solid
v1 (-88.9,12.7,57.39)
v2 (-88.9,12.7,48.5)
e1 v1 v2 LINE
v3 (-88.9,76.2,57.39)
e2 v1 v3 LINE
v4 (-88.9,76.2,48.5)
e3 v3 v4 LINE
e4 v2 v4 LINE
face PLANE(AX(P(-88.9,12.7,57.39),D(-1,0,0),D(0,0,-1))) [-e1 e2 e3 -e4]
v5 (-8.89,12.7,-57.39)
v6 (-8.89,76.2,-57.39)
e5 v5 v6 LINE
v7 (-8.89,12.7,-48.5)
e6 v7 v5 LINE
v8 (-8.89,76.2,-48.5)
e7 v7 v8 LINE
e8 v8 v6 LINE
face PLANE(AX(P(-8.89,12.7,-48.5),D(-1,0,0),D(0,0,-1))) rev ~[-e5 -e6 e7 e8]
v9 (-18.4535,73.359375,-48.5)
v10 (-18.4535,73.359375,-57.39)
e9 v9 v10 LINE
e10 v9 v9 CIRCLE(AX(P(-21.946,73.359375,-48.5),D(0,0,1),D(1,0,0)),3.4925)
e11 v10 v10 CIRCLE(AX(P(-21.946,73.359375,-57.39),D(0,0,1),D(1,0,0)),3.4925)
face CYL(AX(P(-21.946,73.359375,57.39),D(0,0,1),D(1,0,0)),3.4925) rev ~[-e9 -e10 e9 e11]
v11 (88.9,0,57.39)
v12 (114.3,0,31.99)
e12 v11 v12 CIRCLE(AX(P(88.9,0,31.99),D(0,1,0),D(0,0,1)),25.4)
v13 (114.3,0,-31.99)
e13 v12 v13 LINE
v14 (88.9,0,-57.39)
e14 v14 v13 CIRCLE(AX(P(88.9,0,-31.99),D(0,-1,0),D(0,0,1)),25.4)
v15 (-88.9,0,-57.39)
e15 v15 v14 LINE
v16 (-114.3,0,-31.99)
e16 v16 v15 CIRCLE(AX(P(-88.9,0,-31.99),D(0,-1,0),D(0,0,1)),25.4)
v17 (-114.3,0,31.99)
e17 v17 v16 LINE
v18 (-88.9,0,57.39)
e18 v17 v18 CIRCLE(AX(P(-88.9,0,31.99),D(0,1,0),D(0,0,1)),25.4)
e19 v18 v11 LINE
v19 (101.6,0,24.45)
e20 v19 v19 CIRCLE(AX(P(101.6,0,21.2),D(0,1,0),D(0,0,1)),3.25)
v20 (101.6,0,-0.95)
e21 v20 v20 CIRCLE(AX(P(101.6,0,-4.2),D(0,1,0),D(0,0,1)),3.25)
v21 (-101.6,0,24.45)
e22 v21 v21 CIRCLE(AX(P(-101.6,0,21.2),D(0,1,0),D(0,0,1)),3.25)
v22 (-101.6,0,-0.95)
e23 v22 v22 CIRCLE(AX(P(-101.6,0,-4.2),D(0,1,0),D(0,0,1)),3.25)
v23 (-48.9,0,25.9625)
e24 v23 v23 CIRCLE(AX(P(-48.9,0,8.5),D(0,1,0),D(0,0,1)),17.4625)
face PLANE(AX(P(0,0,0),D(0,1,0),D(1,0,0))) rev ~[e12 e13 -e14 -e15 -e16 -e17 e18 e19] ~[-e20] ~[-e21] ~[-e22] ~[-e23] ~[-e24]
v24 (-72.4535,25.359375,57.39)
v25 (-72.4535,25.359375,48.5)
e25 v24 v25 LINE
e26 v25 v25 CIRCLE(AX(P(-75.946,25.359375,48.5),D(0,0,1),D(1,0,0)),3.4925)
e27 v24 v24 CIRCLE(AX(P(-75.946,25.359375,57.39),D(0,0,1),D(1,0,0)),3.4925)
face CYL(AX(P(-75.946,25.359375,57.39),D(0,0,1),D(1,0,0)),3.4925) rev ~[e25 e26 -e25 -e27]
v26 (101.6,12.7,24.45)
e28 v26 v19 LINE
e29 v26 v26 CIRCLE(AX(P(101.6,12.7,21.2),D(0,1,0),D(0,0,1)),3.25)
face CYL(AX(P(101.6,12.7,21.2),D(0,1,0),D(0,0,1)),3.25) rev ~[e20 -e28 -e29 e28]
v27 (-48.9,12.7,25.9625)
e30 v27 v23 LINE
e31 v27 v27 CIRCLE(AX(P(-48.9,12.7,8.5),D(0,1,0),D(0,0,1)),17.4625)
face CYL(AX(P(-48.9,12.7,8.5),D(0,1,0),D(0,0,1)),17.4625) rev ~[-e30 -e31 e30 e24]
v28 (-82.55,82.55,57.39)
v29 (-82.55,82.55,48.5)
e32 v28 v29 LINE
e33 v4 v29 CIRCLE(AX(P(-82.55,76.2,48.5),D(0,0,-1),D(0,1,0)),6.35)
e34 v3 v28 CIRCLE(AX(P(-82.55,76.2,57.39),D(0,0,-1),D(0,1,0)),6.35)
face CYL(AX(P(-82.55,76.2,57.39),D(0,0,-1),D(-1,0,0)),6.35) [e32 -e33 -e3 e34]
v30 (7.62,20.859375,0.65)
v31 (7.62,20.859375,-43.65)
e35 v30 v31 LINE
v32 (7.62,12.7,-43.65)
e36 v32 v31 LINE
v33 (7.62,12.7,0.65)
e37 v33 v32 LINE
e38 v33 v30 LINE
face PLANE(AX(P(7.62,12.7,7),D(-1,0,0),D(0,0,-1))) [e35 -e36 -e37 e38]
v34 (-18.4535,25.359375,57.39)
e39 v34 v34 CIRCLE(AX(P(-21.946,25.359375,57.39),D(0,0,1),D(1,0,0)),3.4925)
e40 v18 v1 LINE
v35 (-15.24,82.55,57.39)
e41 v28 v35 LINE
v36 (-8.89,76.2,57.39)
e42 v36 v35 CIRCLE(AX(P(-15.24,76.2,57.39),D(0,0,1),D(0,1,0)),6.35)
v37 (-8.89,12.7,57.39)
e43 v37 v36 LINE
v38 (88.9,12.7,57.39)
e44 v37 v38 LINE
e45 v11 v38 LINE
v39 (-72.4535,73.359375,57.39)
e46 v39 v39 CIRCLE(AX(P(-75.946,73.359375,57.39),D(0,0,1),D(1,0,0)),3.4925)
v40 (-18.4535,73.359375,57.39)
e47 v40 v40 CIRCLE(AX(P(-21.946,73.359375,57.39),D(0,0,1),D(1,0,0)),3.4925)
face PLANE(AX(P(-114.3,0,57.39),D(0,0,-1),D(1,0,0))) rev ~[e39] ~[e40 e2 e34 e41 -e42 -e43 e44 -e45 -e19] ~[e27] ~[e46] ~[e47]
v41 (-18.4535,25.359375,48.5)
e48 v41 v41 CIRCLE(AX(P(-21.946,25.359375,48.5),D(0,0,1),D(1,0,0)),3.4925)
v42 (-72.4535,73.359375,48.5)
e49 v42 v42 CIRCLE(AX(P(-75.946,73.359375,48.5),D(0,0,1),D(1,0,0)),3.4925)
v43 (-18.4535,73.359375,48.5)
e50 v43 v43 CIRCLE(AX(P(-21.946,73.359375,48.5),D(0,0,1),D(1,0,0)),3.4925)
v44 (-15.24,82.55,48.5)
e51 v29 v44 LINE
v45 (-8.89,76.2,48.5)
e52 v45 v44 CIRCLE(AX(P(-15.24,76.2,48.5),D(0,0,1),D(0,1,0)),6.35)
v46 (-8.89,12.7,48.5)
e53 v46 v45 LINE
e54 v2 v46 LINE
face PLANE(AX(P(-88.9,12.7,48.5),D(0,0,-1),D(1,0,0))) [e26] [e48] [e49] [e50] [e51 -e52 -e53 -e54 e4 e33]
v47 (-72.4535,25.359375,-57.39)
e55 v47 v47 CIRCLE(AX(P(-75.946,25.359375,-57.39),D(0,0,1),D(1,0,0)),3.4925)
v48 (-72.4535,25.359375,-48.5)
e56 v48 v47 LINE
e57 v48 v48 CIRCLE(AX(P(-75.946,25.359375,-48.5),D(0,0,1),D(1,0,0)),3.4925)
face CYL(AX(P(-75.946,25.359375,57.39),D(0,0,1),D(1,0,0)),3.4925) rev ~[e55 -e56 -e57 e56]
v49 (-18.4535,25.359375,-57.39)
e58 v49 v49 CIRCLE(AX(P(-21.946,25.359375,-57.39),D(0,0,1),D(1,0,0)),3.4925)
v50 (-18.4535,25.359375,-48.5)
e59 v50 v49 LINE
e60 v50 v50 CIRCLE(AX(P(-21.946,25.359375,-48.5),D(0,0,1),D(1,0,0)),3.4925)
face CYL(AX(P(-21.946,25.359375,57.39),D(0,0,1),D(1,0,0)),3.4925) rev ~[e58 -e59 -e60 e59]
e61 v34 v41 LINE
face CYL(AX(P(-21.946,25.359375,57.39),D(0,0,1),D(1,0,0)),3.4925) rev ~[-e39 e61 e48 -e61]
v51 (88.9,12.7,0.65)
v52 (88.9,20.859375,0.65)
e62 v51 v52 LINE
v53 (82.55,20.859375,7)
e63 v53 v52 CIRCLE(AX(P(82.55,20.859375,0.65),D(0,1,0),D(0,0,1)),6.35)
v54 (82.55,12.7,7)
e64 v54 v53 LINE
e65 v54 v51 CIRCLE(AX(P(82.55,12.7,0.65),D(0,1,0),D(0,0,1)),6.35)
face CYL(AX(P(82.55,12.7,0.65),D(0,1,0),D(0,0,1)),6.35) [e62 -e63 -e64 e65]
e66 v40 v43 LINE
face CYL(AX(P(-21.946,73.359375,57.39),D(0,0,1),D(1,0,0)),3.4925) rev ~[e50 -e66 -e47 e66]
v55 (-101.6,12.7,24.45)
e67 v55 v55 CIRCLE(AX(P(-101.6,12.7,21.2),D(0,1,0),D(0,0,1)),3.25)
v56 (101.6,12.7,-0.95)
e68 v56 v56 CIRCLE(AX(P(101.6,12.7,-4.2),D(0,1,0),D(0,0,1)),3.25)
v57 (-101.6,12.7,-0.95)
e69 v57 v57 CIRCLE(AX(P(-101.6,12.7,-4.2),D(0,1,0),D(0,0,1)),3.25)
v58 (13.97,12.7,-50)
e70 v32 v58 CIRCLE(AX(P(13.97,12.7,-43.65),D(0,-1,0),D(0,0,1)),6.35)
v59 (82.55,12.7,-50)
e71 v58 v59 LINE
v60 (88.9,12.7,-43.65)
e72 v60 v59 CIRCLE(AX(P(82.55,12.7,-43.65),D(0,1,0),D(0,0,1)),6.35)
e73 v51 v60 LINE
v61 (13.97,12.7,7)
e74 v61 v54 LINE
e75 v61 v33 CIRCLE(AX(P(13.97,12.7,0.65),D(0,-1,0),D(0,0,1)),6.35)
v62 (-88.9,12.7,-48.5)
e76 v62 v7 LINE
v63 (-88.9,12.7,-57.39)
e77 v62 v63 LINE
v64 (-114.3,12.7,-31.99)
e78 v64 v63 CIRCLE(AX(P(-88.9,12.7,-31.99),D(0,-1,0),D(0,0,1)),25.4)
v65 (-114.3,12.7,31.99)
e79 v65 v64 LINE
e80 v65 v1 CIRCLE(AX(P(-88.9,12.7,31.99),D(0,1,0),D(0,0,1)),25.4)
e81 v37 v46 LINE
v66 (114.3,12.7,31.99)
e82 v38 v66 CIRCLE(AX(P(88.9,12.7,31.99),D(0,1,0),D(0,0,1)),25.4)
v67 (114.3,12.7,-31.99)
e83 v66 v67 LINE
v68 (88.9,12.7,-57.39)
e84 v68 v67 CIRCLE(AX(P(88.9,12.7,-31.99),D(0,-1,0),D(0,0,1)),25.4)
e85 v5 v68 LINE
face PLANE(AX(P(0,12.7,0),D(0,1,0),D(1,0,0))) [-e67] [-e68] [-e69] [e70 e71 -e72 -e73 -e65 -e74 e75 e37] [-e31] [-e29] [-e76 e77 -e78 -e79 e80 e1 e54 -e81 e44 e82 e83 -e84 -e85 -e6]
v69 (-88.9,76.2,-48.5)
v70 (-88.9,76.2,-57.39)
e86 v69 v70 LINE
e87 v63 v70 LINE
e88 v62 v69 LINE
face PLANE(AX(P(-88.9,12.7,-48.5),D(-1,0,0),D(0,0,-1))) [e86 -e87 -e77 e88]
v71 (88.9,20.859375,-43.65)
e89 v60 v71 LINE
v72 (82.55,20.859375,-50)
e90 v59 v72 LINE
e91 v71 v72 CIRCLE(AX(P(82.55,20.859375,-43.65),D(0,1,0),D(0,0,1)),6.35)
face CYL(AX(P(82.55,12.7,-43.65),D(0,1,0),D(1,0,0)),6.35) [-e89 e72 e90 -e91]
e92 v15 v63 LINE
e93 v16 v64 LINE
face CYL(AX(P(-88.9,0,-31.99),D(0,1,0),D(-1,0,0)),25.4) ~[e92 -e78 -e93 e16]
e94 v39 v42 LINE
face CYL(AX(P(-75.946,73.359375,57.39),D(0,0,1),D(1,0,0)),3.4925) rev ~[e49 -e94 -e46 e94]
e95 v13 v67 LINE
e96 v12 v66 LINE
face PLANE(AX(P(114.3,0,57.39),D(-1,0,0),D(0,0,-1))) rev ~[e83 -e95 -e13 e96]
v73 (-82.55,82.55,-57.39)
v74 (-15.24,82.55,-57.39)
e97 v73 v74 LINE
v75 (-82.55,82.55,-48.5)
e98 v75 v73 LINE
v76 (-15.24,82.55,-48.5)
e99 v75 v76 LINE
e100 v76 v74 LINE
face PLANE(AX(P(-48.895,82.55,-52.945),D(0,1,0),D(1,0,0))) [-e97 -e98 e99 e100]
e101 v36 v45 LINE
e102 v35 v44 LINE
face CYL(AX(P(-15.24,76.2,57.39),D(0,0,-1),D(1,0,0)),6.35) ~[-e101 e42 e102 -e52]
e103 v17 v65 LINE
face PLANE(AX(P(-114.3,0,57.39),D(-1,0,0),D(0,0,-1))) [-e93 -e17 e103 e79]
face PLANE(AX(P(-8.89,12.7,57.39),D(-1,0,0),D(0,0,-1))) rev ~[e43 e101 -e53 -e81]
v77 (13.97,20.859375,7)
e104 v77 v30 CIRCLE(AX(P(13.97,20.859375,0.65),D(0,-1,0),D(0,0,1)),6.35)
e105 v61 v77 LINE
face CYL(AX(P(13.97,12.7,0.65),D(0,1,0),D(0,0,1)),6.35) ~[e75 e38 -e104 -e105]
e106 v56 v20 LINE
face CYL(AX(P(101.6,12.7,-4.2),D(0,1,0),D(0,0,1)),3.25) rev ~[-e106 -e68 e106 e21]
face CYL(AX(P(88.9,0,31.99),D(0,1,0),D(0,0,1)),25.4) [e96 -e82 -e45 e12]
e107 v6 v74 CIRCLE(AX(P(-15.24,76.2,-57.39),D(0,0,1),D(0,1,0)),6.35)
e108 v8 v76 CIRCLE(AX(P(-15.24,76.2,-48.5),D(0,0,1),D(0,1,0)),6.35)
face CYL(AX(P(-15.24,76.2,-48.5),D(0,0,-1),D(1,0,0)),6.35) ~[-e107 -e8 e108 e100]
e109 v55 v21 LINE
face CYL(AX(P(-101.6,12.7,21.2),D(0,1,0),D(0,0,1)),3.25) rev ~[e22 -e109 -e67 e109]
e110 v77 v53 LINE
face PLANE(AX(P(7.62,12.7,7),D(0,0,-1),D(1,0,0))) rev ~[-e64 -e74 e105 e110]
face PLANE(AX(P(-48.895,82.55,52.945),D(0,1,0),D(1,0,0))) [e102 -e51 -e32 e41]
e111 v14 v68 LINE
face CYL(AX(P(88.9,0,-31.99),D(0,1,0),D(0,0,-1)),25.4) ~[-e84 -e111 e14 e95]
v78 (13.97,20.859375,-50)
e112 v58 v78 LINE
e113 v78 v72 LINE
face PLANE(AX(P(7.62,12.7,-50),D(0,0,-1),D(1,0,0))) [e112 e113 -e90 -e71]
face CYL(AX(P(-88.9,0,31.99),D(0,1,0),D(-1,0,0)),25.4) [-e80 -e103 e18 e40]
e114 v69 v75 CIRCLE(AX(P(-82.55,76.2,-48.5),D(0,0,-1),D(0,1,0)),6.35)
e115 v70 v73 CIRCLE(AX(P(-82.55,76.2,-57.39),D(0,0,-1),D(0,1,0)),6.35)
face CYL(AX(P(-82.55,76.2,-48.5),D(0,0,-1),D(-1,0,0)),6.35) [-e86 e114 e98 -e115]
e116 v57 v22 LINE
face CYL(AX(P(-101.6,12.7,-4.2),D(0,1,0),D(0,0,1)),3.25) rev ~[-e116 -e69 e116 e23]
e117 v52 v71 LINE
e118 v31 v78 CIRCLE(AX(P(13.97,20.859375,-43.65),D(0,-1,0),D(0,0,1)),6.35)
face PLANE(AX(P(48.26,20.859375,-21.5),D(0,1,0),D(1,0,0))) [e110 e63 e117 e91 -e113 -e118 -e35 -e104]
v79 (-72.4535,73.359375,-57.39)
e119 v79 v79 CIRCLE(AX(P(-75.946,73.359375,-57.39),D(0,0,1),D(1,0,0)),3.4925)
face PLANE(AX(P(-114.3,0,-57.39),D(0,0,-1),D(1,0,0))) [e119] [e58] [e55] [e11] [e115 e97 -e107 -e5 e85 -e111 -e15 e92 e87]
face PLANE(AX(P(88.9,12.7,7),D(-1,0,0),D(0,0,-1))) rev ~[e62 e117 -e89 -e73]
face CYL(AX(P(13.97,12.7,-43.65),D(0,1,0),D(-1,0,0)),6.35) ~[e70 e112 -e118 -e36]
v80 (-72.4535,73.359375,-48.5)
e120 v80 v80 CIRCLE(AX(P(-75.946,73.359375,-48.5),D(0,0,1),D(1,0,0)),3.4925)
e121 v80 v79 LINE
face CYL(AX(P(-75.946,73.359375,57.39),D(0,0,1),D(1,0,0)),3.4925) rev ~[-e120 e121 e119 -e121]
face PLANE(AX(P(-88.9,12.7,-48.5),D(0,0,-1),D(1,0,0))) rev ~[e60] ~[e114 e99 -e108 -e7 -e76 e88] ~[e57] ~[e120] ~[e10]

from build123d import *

# Parameters (mm, degrees)
SKETCH1_W           = 228.6
SKETCH1_H           = 114.78
BOSS_EXTRUDE1_DEPTH = 12.7
SKETCH2_W           = 80.01
SKETCH2_H           = 8.89
BOSS_EXTRUDE2_DEPTH = 69.85
SKETCH3_W           = 81.28
SKETCH3_H           = 57
BOSS_EXTRUDE3_DEPTH = 8.159375
SKETCH4_R           = 17.4625
CUT_EXTRUDE1_DEPTH  = 146.729628422
SKETCH5_R           = 3.4925
CUT_EXTRUDE2_DEPTH  = 182.80605298
SKETCH6_R           = 17.4625
SKETCH6_R_2         = 3.25
CUT_EXTRUDE3_DEPTH  = 146.729628422
FILLET1_R           = 25.4
FILLET2_R           = 6.35
FILLET3_R           = 6.35


with BuildPart() as part:
    # Sketch1 → Boss-Extrude1 (new body)
    with BuildSketch(Plane(origin=(0, 0, 0), x_dir=(1, 0, 0), z_dir=(0, 1, 0))):
        Rectangle(SKETCH1_W, SKETCH1_H)
    extrude(amount=BOSS_EXTRUDE1_DEPTH)

    # Sketch2 → Boss-Extrude2 (add)
    with BuildSketch(Plane(origin=(0, 12.7, 0), x_dir=(1, 0, 0), z_dir=(0, 1, 0))):
        with Locations((-48.895, 52.945)):
            Rectangle(SKETCH2_W, SKETCH2_H)
        with Locations((-48.895, -52.945)):
            Rectangle(SKETCH2_W, SKETCH2_H)
    extrude(amount=BOSS_EXTRUDE2_DEPTH)

    # Sketch3 → Boss-Extrude3 (add)
    with BuildSketch(Plane(origin=(0, 12.7, 0), x_dir=(1, 0, 0), z_dir=(0, 1, 0))):
        with Locations((48.26, 21.5)):
            Rectangle(SKETCH3_W, SKETCH3_H)
    extrude(amount=BOSS_EXTRUDE3_DEPTH)

    # Sketch4 → Cut-Extrude1 (cut, through all)
    with BuildSketch(Plane(origin=(0, 12.7, 0), x_dir=(1, 0, 0), z_dir=(0, 1, 0))):
        with Locations(Location((-48.9, -8.5, 0), (0, 0, 270))):
            Circle(SKETCH4_R)
    extrude(amount=-CUT_EXTRUDE1_DEPTH, mode=Mode.SUBTRACT)

    # Sketch5 → Cut-Extrude2 (cut, through all)
    with BuildSketch(Plane.XY.offset(57.39)):
        with Locations((-75.946, 73.359375)):
            Circle(SKETCH5_R)
        with Locations((-21.946, 73.359375)):
            Circle(SKETCH5_R)
        with Locations((-75.946, 25.359375)):
            Circle(SKETCH5_R)
        with Locations((-21.946, 25.359375)):
            Circle(SKETCH5_R)
    extrude(amount=-CUT_EXTRUDE2_DEPTH, mode=Mode.SUBTRACT)

    # Sketch6 → Cut-Extrude3 (cut, through all)
    with BuildSketch(Plane(origin=(0, 12.7, 0), x_dir=(1, 0, 0), z_dir=(0, 1, 0))):
        with Locations(Location((-48.9, -8.5, 0), (0, 0, 270))):
            Circle(SKETCH6_R)
        with Locations(Location((-101.6, -21.2, 0), (0, 0, 270))):
            Circle(SKETCH6_R_2)
        with Locations(Location((-101.6, 4.2, 0), (0, 0, 270))):
            Circle(SKETCH6_R_2)
        with Locations(Location((101.6, -21.2, 0), (0, 0, 270))):
            Circle(SKETCH6_R_2)
        with Locations(Location((101.6, 4.2, 0), (0, 0, 270))):
            Circle(SKETCH6_R_2)
    extrude(amount=-CUT_EXTRUDE3_DEPTH, mode=Mode.SUBTRACT)

    # Fillet1
    fillet1_edges = [part.edges().sort_by_distance(p)[0] for p in [
        (114.3, 6.35, 57.39),
        (-114.3, 6.35, 57.39),
        (-114.3, 6.35, -57.39),
        (114.3, 6.35, -57.39),
    ]]
    fillet(fillet1_edges, radius=FILLET1_R)

    # Fillet2
    fillet2_edges = [part.edges().sort_by_distance(p)[0] for p in [
        (-88.9, 82.55, -52.945),
        (-8.89, 82.55, -52.945),
        (-88.9, 82.55, 52.945),
        (-8.89, 82.55, 52.945),
    ]]
    fillet(fillet2_edges, radius=FILLET2_R)

    # Fillet3
    fillet3_edges = [part.edges().sort_by_distance(p)[0] for p in [
        (88.9, 16.7796875, 7),
        (88.9, 16.7796875, -50),
        (7.62, 16.7796875, -50),
        (7.62, 16.7796875, 7),
    ]]
    fillet(fillet3_edges, radius=FILLET3_R)


solid = part.part
